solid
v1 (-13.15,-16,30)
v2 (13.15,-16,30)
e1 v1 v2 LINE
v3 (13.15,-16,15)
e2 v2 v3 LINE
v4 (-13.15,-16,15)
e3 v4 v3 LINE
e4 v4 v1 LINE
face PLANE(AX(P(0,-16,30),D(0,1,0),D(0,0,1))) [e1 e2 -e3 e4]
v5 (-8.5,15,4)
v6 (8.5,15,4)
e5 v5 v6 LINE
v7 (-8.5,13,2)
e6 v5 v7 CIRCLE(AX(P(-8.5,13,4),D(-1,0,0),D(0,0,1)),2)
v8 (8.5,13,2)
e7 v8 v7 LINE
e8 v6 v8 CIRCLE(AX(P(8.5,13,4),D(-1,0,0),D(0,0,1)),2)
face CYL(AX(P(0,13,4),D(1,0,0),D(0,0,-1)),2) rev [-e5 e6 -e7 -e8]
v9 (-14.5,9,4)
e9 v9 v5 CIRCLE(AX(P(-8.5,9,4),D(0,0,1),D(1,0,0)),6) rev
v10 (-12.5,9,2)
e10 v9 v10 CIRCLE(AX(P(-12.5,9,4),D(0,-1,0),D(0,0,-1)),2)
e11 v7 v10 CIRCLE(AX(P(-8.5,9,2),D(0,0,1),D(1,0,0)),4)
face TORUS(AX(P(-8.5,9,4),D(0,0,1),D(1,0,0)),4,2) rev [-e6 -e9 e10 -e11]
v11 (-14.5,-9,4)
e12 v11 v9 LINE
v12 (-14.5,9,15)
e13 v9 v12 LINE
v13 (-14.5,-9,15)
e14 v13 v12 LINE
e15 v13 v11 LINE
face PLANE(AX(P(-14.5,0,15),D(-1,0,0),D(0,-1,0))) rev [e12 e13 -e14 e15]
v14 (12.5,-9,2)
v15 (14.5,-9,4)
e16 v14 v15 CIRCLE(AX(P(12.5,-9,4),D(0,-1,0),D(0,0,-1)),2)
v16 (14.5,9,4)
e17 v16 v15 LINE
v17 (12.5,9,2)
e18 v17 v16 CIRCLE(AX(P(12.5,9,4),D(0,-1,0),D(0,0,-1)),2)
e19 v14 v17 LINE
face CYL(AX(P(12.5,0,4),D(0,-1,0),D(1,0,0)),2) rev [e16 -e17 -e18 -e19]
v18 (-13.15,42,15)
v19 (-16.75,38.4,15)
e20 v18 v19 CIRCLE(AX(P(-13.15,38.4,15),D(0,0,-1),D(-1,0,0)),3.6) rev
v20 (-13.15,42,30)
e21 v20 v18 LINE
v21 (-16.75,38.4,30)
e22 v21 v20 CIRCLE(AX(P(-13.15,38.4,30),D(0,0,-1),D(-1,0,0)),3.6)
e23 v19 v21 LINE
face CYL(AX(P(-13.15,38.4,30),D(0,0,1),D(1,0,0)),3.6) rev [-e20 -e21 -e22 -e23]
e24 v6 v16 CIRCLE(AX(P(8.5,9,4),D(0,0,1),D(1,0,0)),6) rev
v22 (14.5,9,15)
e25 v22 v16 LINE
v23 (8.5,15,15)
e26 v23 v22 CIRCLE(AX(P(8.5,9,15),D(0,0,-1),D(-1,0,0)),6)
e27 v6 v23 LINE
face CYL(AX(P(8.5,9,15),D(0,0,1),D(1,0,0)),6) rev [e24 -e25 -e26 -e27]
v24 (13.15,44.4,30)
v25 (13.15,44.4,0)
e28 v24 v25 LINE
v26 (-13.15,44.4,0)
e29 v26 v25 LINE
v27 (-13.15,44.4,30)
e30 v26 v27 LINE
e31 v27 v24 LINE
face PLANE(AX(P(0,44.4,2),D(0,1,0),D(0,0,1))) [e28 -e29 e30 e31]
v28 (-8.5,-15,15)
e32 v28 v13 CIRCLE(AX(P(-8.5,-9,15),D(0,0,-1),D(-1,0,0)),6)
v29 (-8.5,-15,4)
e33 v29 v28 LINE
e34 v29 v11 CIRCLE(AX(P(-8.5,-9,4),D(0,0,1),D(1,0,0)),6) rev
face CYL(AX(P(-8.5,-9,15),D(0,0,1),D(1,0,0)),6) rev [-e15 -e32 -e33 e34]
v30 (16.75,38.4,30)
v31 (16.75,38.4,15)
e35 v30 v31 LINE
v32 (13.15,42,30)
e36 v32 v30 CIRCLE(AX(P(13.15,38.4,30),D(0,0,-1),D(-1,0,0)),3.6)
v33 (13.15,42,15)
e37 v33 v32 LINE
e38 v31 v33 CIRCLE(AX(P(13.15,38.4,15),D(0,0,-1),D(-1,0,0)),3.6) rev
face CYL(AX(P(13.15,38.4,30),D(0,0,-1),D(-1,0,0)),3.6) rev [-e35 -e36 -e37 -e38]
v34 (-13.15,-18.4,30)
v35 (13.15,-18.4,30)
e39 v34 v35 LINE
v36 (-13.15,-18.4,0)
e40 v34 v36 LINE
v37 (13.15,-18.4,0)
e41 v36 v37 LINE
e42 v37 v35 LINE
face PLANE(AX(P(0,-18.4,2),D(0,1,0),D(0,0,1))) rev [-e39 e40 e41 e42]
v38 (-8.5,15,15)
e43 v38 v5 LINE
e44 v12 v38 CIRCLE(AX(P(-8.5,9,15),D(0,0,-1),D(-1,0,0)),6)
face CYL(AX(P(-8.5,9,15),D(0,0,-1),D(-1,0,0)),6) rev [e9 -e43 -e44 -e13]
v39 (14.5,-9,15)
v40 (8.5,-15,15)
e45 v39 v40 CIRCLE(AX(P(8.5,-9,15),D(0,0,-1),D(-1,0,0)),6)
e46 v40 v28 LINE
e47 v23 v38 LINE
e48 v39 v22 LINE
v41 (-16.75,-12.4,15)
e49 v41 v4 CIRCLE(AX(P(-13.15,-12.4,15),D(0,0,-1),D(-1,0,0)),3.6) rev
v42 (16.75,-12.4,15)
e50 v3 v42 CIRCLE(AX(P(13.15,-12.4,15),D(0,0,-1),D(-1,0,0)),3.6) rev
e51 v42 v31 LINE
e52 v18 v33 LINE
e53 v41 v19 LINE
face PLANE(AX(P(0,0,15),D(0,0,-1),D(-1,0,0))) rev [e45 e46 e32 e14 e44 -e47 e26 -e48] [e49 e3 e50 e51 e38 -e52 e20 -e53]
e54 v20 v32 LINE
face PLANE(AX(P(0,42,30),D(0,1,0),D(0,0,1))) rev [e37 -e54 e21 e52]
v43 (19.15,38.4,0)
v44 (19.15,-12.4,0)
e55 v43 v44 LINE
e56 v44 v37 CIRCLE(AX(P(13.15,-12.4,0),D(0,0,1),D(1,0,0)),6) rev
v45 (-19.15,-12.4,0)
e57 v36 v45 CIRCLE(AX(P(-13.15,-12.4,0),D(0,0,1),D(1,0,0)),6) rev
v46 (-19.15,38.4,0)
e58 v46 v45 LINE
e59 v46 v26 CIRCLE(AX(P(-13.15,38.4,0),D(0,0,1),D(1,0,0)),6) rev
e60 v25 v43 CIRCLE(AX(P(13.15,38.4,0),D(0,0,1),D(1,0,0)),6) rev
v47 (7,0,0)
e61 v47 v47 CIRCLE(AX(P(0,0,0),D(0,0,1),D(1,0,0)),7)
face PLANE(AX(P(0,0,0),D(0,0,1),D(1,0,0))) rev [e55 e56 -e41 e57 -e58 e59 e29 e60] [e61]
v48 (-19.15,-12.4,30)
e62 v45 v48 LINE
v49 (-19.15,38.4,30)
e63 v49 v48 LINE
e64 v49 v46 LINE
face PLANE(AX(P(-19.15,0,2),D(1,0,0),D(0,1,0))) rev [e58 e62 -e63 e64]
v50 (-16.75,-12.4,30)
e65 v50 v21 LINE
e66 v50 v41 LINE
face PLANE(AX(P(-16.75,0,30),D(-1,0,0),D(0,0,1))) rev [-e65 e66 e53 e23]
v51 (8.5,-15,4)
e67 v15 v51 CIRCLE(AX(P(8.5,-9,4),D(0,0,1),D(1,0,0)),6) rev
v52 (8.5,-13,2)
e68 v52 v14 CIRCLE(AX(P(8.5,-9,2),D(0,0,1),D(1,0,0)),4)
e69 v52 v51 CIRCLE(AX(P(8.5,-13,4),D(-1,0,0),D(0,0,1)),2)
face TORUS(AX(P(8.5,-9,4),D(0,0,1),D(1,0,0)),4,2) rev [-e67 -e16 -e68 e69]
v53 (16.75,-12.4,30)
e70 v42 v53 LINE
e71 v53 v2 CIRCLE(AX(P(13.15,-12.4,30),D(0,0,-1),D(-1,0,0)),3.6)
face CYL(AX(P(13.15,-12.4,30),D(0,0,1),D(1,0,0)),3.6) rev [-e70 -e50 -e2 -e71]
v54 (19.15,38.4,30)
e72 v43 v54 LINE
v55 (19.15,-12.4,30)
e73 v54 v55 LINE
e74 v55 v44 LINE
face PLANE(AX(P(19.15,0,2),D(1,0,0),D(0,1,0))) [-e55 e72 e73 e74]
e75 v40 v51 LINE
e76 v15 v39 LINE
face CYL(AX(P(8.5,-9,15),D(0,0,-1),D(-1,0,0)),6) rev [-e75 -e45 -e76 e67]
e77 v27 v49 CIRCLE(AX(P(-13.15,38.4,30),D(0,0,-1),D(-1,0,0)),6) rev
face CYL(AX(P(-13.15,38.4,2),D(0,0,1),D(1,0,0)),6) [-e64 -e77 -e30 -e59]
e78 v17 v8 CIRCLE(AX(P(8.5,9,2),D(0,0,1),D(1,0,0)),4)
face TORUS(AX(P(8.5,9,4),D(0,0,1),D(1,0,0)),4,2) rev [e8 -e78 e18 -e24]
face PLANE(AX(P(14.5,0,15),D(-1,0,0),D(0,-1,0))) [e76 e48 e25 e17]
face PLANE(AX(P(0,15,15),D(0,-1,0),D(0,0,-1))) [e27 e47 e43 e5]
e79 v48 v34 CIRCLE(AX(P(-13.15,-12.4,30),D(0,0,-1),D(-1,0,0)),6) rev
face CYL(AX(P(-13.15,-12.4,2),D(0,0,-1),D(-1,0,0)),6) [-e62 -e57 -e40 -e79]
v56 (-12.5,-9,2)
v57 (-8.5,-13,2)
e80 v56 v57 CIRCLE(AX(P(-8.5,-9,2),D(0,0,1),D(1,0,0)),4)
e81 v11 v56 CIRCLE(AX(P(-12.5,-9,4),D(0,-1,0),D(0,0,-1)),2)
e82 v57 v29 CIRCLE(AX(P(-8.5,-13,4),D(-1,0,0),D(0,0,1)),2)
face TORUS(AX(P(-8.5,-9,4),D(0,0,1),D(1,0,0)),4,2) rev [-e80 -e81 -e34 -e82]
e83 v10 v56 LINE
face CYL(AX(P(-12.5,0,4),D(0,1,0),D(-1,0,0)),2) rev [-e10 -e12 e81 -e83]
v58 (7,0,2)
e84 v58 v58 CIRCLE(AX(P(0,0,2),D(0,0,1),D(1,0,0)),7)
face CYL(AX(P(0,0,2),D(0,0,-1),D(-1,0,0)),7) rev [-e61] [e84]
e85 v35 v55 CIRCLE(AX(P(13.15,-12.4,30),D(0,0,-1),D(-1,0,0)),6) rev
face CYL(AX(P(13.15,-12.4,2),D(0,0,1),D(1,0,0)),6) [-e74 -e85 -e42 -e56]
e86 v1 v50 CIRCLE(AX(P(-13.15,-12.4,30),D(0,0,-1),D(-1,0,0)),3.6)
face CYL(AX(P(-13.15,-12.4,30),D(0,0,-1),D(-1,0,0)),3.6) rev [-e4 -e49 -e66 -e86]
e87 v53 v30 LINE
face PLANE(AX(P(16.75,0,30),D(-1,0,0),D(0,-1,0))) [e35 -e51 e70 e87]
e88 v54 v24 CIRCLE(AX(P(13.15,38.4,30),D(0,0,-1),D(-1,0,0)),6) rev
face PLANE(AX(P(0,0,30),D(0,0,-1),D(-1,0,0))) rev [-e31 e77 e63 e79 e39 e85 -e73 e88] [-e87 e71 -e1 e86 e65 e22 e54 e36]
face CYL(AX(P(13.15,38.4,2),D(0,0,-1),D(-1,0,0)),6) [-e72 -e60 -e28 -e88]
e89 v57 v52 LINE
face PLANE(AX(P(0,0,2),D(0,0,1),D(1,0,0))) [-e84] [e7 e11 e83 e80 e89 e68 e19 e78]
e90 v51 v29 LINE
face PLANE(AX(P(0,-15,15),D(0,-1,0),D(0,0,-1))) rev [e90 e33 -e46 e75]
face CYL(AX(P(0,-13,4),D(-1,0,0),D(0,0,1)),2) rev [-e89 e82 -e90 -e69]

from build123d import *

# Parameters (mm, degrees)
SKETCH1_W           = 38.3
SKETCH1_H           = 62.8
SKETCH1_W_2         = 33.5
SKETCH1_H_2         = 58
SKETCH1_W_3         = 29
SKETCH1_H_3         = 30
SKETCH1_R           = 7
BOSS_EXTRUDE1_DEPTH = 2
BOSS_EXTRUDE2_START = 2
SKETCH1_3_W         = 38.3
SKETCH1_3_H         = 62.8
SKETCH1_3_W_2       = 33.5
SKETCH1_3_H_2       = 58
SKETCH1_3_W_3       = 29
SKETCH1_3_H_3       = 30
BOSS_EXTRUDE2_DEPTH = 13
BOSS_EXTRUDE3_START = 15
SKETCH1_4_W         = 38.3
SKETCH1_4_H         = 62.8
SKETCH1_4_W_2       = 33.5
SKETCH1_4_H_2       = 58
BOSS_EXTRUDE3_DEPTH = 15
FILLET1_R           = 3.6
FILLET2_R           = 6
FILLET3_R           = 2


with BuildPart() as part:
    # Sketch1 → Boss-Extrude1 (new body)
    # profile 1 of 3: a face of its own
    with BuildSketch(Plane.XY):
        with Locations((0, 13)):
            Rectangle(SKETCH1_W, SKETCH1_H)
        with Locations((0, 13)):
            Rectangle(SKETCH1_W_2, SKETCH1_H_2, mode=Mode.SUBTRACT)
    # profile 2 of 3: a face of its own
    with BuildSketch(Plane.XY):
        with Locations((0, 13)):
            Rectangle(SKETCH1_W_2, SKETCH1_H_2)
        Rectangle(SKETCH1_W_3, SKETCH1_H_3, mode=Mode.SUBTRACT)
    # profile 3 of 3: a face of its own
    with BuildSketch(Plane.XY):
        Rectangle(SKETCH1_W_3, SKETCH1_H_3)
        Circle(SKETCH1_R, mode=Mode.SUBTRACT)
    extrude(amount=BOSS_EXTRUDE1_DEPTH)

    # Sketch1<3> → Boss-Extrude2 (add)
    # profile 1 of 2: a face of its own
    with BuildSketch(Plane.XY.offset(BOSS_EXTRUDE2_START)):
        with Locations((0, 13)):
            Rectangle(SKETCH1_3_W, SKETCH1_3_H)
        with Locations((0, 13)):
            Rectangle(SKETCH1_3_W_2, SKETCH1_3_H_2, mode=Mode.SUBTRACT)
    # profile 2 of 2: a face of its own
    with BuildSketch(Plane.XY.offset(BOSS_EXTRUDE2_START)):
        with Locations((0, 13)):
            Rectangle(SKETCH1_3_W_2, SKETCH1_3_H_2)
        Rectangle(SKETCH1_3_W_3, SKETCH1_3_H_3, mode=Mode.SUBTRACT)
    extrude(amount=BOSS_EXTRUDE2_DEPTH)

    # Sketch1<4> → Boss-Extrude3 (add)
    with BuildSketch(Plane.XY.offset(BOSS_EXTRUDE3_START)):
        with Locations((0, 13)):
            Rectangle(SKETCH1_4_W, SKETCH1_4_H)
        with Locations((0, 13)):
            Rectangle(SKETCH1_4_W_2, SKETCH1_4_H_2, mode=Mode.SUBTRACT)
    extrude(amount=BOSS_EXTRUDE3_DEPTH)

    # Fillet1
    fillet1_edges = [part.edges().sort_by_distance(p)[0] for p in [
        (-16.75, 42, 22.5),
        (-16.75, -16, 22.5),
        (16.75, -16, 22.5),
        (16.75, 42, 22.5),
    ]]
    fillet(fillet1_edges, radius=FILLET1_R)

    # Fillet2
    fillet2_edges = [part.edges().sort_by_distance(p)[0] for p in [
        (19.15, -18.4, 15),
        (-19.15, -18.4, 15),
        (-19.15, 44.4, 15),
        (19.15, 44.4, 15),
        (14.5, -15, 8.5),
        (14.5, 15, 8.5),
        (-14.5, 15, 8.5),
        (-14.5, -15, 8.5),
    ]]
    fillet(fillet2_edges, radius=FILLET2_R)

    # Fillet3
    fillet3_edges = [part.edges().sort_by_distance(p)[0] for p in [
        (-14.5, 0, 2),
        (0, -15, 2),
        (14.5, 0, 2),
        (0, 15, 2),
        (12.742640687, 13.242640687, 2),
        (12.742640687, -13.242640687, 2),
        (-12.742640687, 13.242640687, 2),
        (-12.742640687, -13.242640687, 2),
    ]]
    fillet(fillet3_edges, radius=FILLET3_R)


solid = part.part
